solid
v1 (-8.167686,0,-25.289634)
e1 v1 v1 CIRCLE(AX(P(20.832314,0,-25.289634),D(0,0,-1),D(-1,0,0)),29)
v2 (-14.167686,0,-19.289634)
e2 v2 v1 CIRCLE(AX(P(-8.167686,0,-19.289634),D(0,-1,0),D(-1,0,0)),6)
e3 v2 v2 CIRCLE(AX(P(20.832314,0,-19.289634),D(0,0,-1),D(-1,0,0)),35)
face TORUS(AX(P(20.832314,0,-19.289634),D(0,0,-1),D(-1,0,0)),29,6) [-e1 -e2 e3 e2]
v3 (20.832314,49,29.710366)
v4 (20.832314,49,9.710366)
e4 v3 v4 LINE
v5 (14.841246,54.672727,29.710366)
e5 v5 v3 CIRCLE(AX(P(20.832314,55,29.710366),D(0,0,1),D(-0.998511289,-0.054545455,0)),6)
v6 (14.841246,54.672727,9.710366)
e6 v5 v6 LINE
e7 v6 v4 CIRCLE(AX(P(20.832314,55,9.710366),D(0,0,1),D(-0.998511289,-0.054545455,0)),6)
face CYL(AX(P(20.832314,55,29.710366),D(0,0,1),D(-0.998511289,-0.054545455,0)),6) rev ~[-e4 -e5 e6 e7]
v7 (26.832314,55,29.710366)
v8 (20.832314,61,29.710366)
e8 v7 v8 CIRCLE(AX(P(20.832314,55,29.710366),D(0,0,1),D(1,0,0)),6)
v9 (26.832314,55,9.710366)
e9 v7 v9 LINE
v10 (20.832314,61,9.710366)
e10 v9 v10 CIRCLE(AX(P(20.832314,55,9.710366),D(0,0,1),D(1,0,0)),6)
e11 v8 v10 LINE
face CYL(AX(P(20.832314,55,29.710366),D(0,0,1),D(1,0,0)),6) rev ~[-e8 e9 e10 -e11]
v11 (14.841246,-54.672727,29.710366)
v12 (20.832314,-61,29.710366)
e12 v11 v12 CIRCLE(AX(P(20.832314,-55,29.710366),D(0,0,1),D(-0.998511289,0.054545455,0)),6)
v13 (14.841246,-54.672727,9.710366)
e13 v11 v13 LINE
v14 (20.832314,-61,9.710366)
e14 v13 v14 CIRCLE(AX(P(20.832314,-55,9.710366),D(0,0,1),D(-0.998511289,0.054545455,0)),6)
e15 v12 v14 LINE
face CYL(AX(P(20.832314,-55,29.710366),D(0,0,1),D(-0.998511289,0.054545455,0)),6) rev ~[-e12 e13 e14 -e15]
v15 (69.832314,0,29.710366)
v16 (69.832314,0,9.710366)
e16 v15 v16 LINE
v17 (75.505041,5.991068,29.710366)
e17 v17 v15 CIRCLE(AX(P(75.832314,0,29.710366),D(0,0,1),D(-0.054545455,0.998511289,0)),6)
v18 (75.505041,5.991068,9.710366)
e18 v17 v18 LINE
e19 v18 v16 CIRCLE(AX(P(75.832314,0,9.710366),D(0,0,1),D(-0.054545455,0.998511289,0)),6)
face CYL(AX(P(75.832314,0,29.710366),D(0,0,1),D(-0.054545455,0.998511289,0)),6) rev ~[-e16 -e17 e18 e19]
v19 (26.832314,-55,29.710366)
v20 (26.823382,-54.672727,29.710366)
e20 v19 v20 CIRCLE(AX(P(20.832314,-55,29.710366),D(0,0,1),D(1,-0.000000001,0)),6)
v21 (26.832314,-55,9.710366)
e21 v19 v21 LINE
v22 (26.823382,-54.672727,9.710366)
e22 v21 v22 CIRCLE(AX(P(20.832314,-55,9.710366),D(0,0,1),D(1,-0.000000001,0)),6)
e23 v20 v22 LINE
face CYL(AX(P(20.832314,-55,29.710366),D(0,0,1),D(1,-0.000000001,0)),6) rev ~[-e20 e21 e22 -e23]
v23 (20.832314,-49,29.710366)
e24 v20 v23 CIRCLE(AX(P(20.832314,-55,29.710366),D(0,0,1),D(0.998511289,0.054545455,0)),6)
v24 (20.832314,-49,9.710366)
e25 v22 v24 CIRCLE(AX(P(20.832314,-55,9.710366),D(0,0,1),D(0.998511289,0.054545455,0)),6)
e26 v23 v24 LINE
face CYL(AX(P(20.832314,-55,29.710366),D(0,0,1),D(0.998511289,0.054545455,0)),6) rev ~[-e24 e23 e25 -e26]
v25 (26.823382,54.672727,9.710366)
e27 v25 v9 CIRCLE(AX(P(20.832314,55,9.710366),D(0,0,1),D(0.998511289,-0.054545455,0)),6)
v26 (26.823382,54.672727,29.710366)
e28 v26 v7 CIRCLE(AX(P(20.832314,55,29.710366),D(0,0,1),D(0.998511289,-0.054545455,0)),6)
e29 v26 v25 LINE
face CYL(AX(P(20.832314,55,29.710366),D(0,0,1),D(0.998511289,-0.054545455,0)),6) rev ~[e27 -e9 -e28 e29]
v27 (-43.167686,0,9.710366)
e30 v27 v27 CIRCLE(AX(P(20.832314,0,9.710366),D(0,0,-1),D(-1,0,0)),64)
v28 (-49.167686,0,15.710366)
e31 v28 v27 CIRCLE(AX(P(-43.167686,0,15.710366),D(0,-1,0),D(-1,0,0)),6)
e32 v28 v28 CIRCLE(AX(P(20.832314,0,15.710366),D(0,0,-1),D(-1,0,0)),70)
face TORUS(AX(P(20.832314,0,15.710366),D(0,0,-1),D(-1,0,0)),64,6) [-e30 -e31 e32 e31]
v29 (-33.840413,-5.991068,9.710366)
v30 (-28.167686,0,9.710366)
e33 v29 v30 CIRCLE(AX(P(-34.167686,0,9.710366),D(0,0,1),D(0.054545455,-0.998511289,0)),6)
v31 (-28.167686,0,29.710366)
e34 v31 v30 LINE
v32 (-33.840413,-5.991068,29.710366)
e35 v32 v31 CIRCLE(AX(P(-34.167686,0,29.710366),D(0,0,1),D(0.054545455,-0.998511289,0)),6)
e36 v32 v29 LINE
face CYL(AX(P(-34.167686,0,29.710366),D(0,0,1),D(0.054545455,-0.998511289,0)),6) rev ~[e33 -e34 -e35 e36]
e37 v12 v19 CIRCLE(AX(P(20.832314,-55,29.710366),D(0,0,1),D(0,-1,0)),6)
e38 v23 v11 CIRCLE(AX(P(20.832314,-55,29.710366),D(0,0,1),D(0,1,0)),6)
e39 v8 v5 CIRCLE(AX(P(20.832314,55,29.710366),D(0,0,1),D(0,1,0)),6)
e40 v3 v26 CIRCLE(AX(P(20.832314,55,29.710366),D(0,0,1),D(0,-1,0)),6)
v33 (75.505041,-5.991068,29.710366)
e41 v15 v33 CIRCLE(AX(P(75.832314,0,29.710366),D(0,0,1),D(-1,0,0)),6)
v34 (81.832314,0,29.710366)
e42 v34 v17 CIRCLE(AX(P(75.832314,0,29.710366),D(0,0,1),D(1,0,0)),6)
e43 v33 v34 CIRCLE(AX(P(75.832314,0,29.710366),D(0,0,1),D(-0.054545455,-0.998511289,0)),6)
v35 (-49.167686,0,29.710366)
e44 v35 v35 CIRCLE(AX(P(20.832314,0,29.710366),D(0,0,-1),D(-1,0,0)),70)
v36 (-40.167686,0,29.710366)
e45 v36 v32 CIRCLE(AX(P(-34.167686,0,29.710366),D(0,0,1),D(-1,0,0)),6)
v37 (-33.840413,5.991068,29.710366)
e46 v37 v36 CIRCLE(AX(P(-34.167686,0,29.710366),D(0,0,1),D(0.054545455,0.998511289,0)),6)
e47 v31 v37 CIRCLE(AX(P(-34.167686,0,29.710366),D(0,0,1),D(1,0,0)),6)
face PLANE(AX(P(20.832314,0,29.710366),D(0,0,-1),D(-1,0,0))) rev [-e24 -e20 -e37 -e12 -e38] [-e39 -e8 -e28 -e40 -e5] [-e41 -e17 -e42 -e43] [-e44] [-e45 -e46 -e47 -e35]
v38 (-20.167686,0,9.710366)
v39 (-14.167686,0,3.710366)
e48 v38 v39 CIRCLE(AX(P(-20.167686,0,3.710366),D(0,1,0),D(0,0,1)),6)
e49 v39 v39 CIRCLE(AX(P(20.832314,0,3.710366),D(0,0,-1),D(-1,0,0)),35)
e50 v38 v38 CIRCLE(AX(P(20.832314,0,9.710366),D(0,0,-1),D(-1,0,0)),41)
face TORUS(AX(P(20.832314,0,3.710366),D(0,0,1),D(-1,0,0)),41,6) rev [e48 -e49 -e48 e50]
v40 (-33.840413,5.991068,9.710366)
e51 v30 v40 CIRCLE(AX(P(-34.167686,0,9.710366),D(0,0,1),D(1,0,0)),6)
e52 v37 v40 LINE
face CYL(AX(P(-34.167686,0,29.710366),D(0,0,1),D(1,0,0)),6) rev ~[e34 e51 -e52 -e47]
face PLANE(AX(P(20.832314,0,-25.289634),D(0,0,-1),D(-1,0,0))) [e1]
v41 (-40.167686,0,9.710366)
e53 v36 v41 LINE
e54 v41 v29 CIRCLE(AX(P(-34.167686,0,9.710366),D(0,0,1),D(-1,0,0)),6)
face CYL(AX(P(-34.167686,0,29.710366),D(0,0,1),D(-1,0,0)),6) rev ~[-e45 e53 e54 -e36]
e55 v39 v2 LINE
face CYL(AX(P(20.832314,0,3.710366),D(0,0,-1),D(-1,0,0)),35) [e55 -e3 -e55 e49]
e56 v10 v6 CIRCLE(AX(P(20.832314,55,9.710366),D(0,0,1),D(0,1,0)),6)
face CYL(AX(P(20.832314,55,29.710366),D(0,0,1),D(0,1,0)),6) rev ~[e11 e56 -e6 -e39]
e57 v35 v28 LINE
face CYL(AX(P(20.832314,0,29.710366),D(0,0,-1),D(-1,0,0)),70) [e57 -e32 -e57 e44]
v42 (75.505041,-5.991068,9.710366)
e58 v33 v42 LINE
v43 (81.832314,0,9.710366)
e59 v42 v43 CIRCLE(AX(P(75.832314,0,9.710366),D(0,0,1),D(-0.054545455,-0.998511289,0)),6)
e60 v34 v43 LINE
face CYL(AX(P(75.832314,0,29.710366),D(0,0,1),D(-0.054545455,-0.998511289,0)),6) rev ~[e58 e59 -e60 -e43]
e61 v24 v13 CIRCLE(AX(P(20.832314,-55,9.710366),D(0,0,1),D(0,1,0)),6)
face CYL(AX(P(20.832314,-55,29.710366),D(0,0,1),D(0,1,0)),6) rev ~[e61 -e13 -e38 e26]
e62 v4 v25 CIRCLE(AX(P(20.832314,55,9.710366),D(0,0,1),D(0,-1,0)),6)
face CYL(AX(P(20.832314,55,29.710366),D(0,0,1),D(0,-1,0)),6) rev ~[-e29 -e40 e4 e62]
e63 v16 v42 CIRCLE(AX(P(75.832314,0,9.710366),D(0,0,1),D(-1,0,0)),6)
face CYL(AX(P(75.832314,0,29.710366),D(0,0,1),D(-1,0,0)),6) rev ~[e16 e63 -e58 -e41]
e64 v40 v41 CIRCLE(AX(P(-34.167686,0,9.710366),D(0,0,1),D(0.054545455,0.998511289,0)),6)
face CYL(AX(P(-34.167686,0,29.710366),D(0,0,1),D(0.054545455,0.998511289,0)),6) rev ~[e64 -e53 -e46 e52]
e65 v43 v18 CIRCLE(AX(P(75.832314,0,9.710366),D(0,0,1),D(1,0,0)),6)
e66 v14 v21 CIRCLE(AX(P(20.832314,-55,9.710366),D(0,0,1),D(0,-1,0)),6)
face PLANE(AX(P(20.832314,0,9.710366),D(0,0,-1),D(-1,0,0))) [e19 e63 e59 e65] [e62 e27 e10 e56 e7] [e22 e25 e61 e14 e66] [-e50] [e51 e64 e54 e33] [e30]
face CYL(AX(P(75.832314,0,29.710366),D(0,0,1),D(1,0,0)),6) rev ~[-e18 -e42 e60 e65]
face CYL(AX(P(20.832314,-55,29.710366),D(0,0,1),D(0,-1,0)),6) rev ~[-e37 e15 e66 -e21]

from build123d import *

# Parameters (mm, degrees)
F3_DEPTH = 55.001


with BuildPart() as f1:
    # F0 (on Front) → F1 (revolve)
    with BuildSketch(Plane.XZ):
        with BuildLine():
            Line((20.8323138058, 29.7103659064), (-49.1676861942, 29.7103659064))
            Line((-49.1676861942, 29.7103659064), (-49.1676861942, 15.7103659064))
            ThreePointArc((-49.1676861942, 15.7103659064), (-47.4103268813, 11.4677252192), (-43.1676861942, 9.7103659064))
            Line((-43.1676861942, 9.7103659064), (-20.1676861942, 9.7103659064))
            ThreePointArc((-20.1676861942, 9.7103659064), (-15.9250455071, 7.9530065935), (-14.1676861942, 3.7103659064))
            Line((-14.1676861942, 3.7103659064), (-14.1676861942, -19.2896340936))
            ThreePointArc((-14.1676861942, -19.2896340936), (-12.4103268813, -23.5322747808), (-8.1676861942, -25.2896340936))
            Line((-8.1676861942, -25.2896340936), (20.8323138058, -25.2896340936))
            Line((20.8323138058, -25.2896340936), (20.8323138058, 29.7103659064))
        make_face()
    revolve(axis=Axis((20.8323138058, 0, 2.2103659064), (0, 0, -1)))

    # F2 (on face) → F3 (cut, through all)
    with BuildSketch(Plane.XY.offset(29.7103659064)):
        with BuildLine():
            ThreePointArc((20.8323138058, 55), (23.8323138058, 54.918120871), (26.8233815372, 54.6727272727))
            ThreePointArc((26.8233815372, 54.6727272727), (26.830080323, 54.8363027005), (26.8323138058, 55))
            ThreePointArc((26.8323138058, 55), (25.0749544929, 59.2426406871), (20.8323138058, 61))
            Line((20.8323138058, 61), (20.8323138058, 55))
        make_face()
        with BuildLine():
            ThreePointArc((14.8412460744, 54.6727272727), (17.8323138058, 54.918120871), (20.8323138058, 55))
            Line((20.8323138058, 55), (20.8323138058, 61))
            ThreePointArc((20.8323138058, 61), (16.475500959, 59.1253099057), (14.8412460744, 54.6727272727))
        make_face()
        with BuildLine():
            ThreePointArc((14.8412460744, 54.6727272727), (16.7070039001, 50.6431871532), (20.8323138058, 49))
            Line((20.8323138058, 49), (20.8323138058, 55))
            ThreePointArc((20.8323138058, 55), (17.8323138058, 54.918120871), (14.8412460744, 54.6727272727))
        make_face()
        with BuildLine():
            ThreePointArc((20.8323138058, 49), (24.9576237115, 50.6431871532), (26.8233815372, 54.6727272727))
            ThreePointArc((26.8233815372, 54.6727272727), (23.8323138058, 54.918120871), (20.8323138058, 55))
            Line((20.8323138058, 55), (20.8323138058, 49))
        make_face()
        with BuildLine():
            ThreePointArc((-33.8404134669, -5.9910677314), (-29.8108733474, -4.1253099057), (-28.1676861942, 0))
            Line((-28.1676861942, 0), (-34.1676861942, 0))
            ThreePointArc((-34.1676861942, 0), (-34.0858070652, -3), (-33.8404134669, -5.9910677314))
        make_face()
        with BuildLine():
            Line((-34.1676861942, 0), (-28.1676861942, 0))
            ThreePointArc((-28.1676861942, 0), (-29.8108733474, 4.1253099057), (-33.8404134669, 5.9910677314))
            ThreePointArc((-33.8404134669, 5.9910677314), (-34.0858070652, 3), (-34.1676861942, 0))
        make_face()
        with BuildLine():
            Line((-40.1676861942, 0), (-34.1676861942, 0))
            ThreePointArc((-34.1676861942, 0), (-34.0858070652, 3), (-33.8404134669, 5.9910677314))
            ThreePointArc((-33.8404134669, 5.9910677314), (-38.2929960999, 4.3568128468), (-40.1676861942, 0))
        make_face()
        with BuildLine():
            ThreePointArc((-33.8404134669, -5.9910677314), (-34.0858070652, -3), (-34.1676861942, 0))
            Line((-34.1676861942, 0), (-40.1676861942, 0))
            ThreePointArc((-40.1676861942, 0), (-38.2929960999, -4.3568128468), (-33.8404134669, -5.9910677314))
        make_face()
        with BuildLine():
            Line((20.8323138058, -61), (20.8323138058, -55))
            ThreePointArc((20.8323138058, -55), (17.8323138058, -54.918120871), (14.8412460744, -54.6727272727))
            ThreePointArc((14.8412460744, -54.6727272727), (16.475500959, -59.1253099057), (20.8323138058, -61))
        make_face()
        with BuildLine():
            Line((20.8323138058, -55), (20.8323138058, -49))
            ThreePointArc((20.8323138058, -49), (16.7070039001, -50.6431871532), (14.8412460744, -54.6727272727))
            ThreePointArc((14.8412460744, -54.6727272727), (17.8323138058, -54.918120871), (20.8323138058, -55))
        make_face()
        with BuildLine():
            ThreePointArc((26.8323138058, -55), (26.830080323, -54.8363027005), (26.8233815372, -54.6727272727))
            ThreePointArc((26.8233815372, -54.6727272727), (23.8323138058, -54.918120871), (20.8323138058, -55))
            Line((20.8323138058, -55), (20.8323138058, -61))
            ThreePointArc((20.8323138058, -61), (25.0749544929, -59.2426406871), (26.8323138058, -55))
        make_face()
        with BuildLine():
            ThreePointArc((20.8323138058, -55), (23.8323138058, -54.918120871), (26.8233815372, -54.6727272727))
            ThreePointArc((26.8233815372, -54.6727272727), (24.9576237115, -50.6431871532), (20.8323138058, -49))
            Line((20.8323138058, -49), (20.8323138058, -55))
        make_face()
        with BuildLine():
            Line((81.8323138058, 0), (75.8323138058, 0))
            ThreePointArc((75.8323138058, 0), (75.7504346768, -3), (75.5050410785, -5.9910677314))
            ThreePointArc((75.5050410785, -5.9910677314), (79.9576237115, -4.3568128468), (81.8323138058, 0))
        make_face()
        with BuildLine():
            ThreePointArc((75.5050410785, -5.9910677314), (75.7504346768, -3), (75.8323138058, 0))
            Line((75.8323138058, 0), (69.8323138058, 0))
            ThreePointArc((69.8323138058, 0), (71.475500959, -4.1253099057), (75.5050410785, -5.9910677314))
        make_face()
        with BuildLine():
            Line((69.8323138058, 0), (75.8323138058, 0))
            ThreePointArc((75.8323138058, 0), (75.7504346768, 3), (75.5050410785, 5.9910677314))
            ThreePointArc((75.5050410785, 5.9910677314), (71.475500959, 4.1253099057), (69.8323138058, 0))
        make_face()
        with BuildLine():
            ThreePointArc((75.5050410785, 5.9910677314), (75.7504346768, 3), (75.8323138058, 0))
            Line((75.8323138058, 0), (81.8323138058, 0))
            ThreePointArc((81.8323138058, 0), (79.9576237115, 4.3568128468), (75.5050410785, 5.9910677314))
        make_face()
    extrude(amount=-F3_DEPTH, mode=Mode.SUBTRACT)


solid = f1.part
